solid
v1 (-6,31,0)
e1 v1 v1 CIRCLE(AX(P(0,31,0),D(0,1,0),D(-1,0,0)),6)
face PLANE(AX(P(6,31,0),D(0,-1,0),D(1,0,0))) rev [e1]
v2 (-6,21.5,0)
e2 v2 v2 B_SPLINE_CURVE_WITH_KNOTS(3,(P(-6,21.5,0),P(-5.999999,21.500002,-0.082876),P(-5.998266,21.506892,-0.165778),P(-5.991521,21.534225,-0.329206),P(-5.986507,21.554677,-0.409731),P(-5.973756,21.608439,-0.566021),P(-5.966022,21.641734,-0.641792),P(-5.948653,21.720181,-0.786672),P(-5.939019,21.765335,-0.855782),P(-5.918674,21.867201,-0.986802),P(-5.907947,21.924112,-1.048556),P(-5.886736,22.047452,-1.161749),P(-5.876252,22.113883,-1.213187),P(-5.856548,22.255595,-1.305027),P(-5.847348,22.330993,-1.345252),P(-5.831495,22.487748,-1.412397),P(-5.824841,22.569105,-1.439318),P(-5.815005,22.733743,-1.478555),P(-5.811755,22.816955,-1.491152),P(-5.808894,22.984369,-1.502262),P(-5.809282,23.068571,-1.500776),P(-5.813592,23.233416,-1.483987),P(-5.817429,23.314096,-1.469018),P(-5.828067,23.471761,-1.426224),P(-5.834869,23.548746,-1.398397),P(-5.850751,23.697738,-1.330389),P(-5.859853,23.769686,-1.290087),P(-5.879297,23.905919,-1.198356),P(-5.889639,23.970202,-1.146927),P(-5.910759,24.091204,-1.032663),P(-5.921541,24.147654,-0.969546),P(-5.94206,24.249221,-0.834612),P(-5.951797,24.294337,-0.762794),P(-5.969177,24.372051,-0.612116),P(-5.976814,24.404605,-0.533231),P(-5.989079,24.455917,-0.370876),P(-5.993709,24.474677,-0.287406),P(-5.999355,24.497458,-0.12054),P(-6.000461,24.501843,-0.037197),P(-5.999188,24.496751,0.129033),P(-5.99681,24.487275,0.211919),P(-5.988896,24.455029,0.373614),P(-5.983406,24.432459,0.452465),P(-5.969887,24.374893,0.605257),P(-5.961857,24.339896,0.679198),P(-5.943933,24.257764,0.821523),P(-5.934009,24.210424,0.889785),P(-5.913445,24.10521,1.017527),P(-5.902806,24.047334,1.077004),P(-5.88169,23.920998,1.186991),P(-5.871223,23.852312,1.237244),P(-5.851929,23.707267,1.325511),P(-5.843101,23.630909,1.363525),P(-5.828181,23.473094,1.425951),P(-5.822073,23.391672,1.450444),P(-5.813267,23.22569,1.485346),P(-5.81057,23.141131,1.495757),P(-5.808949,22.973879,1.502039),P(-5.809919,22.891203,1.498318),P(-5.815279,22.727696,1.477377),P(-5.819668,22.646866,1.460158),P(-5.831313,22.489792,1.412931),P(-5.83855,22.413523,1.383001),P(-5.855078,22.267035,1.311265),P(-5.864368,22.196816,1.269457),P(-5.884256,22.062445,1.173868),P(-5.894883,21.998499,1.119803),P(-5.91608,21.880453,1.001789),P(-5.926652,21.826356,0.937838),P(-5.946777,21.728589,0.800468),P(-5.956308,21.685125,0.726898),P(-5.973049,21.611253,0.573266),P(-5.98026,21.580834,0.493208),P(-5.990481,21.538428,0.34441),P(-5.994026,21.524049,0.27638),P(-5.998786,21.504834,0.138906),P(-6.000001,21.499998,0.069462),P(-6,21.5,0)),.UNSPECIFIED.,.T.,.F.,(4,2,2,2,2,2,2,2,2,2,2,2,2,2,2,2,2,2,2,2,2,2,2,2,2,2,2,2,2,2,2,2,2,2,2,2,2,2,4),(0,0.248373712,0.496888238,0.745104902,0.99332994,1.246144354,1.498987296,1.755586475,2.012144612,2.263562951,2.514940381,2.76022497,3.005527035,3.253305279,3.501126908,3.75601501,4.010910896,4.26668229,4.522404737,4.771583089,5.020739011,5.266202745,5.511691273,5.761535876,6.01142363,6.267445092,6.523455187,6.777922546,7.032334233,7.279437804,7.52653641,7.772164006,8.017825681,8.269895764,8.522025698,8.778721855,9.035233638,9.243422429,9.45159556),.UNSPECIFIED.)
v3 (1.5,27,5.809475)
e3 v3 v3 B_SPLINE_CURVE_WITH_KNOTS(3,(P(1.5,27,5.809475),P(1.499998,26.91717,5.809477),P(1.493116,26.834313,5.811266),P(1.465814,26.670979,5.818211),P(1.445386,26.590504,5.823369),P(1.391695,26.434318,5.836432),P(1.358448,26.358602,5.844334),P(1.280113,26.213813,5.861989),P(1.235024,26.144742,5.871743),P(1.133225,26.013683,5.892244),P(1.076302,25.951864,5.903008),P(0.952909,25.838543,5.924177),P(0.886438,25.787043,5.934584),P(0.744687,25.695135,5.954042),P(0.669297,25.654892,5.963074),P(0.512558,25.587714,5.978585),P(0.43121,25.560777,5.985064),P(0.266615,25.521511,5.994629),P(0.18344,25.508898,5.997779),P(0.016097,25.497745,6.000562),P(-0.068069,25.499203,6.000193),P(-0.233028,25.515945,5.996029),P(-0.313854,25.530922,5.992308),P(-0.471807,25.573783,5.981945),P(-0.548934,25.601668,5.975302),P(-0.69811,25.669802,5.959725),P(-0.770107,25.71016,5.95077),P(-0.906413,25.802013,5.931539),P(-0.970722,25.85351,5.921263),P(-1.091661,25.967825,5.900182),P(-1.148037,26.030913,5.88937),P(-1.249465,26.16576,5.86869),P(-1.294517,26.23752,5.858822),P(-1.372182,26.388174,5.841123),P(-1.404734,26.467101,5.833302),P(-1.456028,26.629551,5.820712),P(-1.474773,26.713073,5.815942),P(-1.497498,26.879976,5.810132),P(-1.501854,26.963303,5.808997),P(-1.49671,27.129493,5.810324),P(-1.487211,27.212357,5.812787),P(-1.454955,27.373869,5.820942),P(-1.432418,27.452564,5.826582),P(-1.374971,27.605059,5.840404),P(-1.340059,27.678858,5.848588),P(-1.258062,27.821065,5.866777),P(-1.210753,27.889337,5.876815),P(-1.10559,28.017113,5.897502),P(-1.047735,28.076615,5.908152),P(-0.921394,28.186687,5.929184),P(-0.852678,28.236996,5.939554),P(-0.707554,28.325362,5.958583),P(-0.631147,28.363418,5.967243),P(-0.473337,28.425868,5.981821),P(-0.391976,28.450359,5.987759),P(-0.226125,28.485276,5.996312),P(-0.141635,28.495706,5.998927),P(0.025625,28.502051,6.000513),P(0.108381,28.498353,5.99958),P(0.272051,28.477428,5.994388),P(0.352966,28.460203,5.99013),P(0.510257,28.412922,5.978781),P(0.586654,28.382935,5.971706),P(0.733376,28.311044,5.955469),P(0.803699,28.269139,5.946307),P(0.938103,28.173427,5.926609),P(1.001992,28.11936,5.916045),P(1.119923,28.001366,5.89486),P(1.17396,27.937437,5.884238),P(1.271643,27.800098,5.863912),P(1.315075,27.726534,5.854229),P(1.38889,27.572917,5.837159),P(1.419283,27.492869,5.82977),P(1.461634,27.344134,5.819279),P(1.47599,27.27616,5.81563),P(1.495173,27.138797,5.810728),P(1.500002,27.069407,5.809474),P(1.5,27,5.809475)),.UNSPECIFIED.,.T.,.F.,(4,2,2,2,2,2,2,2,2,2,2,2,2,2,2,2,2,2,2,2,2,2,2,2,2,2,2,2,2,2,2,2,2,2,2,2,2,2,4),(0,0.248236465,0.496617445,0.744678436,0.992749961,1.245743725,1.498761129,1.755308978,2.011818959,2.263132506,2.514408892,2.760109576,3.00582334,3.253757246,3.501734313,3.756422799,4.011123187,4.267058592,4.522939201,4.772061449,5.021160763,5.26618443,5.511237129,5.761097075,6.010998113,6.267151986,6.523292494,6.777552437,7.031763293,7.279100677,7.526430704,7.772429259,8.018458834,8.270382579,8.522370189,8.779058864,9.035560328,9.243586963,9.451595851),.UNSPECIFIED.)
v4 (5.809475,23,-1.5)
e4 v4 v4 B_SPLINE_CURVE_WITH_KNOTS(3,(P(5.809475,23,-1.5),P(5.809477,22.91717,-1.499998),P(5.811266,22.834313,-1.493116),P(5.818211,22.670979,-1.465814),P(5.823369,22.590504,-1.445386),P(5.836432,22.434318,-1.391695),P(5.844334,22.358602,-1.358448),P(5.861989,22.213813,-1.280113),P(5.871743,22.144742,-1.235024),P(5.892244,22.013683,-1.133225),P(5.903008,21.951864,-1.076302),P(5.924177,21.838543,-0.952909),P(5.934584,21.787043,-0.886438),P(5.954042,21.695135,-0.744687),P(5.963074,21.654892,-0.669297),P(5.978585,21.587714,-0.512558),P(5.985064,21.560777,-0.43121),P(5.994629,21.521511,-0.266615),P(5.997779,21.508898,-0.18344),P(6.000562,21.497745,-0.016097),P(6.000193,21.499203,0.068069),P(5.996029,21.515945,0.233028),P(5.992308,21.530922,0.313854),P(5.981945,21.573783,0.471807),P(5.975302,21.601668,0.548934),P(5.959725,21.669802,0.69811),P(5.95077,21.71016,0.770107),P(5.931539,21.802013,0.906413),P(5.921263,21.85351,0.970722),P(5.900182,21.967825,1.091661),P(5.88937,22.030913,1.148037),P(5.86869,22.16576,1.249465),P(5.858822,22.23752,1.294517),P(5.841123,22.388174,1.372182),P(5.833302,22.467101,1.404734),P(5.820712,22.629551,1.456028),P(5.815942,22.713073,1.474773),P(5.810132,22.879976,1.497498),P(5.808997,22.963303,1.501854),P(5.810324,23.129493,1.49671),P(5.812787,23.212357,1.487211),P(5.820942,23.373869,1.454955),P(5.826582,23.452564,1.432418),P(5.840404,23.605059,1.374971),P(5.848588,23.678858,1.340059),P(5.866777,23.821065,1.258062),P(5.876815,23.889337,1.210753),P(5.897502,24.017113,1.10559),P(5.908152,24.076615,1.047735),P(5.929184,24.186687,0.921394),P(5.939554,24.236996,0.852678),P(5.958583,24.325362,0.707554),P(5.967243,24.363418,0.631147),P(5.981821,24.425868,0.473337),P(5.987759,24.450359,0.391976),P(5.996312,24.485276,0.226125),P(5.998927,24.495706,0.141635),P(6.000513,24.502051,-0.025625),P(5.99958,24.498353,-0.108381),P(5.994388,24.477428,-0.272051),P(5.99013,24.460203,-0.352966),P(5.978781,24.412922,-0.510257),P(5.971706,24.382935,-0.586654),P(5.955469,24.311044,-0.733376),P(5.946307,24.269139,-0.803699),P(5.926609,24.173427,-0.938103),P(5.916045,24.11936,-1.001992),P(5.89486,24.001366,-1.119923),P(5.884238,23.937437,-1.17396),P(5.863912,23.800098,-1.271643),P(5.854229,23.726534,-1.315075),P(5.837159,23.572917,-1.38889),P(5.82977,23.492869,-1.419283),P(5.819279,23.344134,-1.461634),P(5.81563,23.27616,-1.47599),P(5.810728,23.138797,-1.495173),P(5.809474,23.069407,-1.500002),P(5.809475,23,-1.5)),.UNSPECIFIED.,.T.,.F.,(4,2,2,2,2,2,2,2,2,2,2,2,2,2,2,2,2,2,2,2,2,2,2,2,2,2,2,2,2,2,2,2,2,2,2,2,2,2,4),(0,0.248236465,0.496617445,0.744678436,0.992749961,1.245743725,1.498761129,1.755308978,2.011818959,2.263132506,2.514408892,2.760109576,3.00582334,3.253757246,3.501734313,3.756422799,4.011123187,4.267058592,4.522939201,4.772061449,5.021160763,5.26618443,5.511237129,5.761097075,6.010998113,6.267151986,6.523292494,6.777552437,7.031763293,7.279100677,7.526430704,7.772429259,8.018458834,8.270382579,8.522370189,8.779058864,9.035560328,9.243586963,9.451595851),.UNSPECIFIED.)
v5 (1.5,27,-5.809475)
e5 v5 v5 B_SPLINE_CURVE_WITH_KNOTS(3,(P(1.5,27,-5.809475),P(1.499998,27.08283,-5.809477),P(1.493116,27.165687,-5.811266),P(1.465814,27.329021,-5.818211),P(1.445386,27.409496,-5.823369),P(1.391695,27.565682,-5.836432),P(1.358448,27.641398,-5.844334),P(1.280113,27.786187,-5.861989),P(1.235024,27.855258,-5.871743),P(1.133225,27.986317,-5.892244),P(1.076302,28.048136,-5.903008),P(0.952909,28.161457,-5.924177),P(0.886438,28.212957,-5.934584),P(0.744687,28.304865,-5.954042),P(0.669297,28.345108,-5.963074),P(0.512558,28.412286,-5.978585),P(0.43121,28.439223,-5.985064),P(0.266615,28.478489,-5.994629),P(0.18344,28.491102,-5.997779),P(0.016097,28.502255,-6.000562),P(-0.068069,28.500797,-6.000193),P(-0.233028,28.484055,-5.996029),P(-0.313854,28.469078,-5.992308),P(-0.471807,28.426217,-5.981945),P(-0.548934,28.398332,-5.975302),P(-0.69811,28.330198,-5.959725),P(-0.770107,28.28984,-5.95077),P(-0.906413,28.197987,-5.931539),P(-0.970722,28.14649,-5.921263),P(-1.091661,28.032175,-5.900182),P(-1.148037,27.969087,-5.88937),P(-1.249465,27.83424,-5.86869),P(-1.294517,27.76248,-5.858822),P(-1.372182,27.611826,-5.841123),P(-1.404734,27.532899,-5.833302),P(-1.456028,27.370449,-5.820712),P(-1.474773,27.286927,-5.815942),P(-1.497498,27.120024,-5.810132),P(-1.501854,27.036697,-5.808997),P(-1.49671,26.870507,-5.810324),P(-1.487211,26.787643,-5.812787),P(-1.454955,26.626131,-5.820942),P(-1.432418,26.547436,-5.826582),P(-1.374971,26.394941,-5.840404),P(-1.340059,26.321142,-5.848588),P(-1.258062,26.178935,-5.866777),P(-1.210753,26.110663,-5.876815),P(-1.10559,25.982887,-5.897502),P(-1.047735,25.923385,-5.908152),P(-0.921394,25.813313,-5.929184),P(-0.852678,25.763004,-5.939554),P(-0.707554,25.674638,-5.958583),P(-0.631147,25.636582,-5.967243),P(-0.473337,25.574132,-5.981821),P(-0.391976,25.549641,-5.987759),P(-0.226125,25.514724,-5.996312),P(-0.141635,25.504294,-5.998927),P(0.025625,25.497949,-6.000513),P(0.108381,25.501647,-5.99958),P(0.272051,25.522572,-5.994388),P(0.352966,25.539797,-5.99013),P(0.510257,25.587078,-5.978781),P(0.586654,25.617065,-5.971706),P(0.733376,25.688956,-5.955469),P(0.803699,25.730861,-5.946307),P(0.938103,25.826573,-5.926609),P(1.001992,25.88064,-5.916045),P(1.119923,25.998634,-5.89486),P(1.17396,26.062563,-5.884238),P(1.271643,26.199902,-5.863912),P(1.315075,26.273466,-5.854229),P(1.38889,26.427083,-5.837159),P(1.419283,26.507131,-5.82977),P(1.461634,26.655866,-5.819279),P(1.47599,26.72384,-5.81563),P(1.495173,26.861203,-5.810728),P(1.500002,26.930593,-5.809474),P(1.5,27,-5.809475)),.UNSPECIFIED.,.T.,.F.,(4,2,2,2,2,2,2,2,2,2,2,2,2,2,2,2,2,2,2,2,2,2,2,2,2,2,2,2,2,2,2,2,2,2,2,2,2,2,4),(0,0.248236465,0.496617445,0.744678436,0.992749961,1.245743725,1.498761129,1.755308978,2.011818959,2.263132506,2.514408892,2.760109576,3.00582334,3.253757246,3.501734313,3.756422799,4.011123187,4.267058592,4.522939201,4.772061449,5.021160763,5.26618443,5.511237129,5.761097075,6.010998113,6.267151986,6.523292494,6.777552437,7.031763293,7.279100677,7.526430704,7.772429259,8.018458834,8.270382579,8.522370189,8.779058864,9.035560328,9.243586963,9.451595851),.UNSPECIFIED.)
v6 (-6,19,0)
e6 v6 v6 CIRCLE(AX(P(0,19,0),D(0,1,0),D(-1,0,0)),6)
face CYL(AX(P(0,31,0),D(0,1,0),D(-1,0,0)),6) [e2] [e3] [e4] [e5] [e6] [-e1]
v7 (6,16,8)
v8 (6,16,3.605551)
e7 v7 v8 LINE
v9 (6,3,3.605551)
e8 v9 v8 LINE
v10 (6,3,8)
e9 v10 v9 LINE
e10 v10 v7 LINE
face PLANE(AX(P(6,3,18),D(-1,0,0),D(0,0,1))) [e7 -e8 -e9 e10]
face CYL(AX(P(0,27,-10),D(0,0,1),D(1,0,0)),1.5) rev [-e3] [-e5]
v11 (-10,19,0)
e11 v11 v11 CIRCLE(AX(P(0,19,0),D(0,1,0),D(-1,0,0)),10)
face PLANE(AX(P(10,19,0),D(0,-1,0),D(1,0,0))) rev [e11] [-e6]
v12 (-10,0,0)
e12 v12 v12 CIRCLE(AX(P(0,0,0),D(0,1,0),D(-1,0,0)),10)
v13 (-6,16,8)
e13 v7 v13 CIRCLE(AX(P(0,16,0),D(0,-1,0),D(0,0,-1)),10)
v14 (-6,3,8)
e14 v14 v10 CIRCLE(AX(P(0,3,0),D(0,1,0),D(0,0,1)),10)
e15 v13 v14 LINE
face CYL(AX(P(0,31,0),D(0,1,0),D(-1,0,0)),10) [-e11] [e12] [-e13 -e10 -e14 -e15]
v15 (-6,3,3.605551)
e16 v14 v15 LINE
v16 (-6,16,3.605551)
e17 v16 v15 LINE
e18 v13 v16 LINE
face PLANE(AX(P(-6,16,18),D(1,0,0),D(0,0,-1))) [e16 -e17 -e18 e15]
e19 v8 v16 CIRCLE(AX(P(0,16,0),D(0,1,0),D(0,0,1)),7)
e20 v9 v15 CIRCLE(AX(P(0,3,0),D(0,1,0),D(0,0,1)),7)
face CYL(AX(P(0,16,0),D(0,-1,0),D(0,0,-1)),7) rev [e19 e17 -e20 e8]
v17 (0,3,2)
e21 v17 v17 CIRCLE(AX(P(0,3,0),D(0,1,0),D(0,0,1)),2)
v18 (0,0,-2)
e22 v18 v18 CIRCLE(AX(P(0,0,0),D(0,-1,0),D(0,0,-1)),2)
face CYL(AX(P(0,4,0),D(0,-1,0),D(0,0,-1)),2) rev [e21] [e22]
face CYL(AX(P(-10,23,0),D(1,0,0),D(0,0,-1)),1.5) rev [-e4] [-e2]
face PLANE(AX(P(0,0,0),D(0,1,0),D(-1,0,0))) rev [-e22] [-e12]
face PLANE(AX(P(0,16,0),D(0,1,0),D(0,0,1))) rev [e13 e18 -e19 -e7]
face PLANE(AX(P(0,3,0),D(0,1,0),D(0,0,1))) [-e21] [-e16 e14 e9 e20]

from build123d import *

# Parameters (mm, degrees)
SKETCH_2_R               = 7
CUT_EXTRUDE_1_DEPTH      = 13
CUT_EXTRUDE_2_DEPTH      = 18
CUT_EXTRUDE_3_DEPTH      = 35.073450075
CUT_EXTRUDE_3_DEPTH_BACK = 35.073450075
SKETCH_4_R               = 1.5
SKETCH_5_R               = 2
CUT_EXTRUDE_4_DEPTH      = 4
CUT_EXTRUDE_5_DEPTH      = 35.073450166
CUT_EXTRUDE_5_DEPTH_BACK = 35.073450166
SKETCH_6_R               = 1.5


with BuildPart() as part:
    # 草图1 → 旋转1 (revolve)
    with BuildSketch(Plane.XY, mode=Mode.PRIVATE) as revolve_1_sk:
        Polygon((0, 0), (10, 0), (10, 19), (6, 19), (6, 31), (0, 31), align=None)
    revolve(revolve_1_sk.sketch.rotate(Axis((0, 31, 0), (0, -1, 0)), 180), axis=Axis((0, 31, 0), (0, -1, 0)))

    # 草图2 → 切除-拉伸1 (cut)
    with BuildSketch(Plane(origin=(0, 3, 0), x_dir=(1, 0, 0), z_dir=(0, 1, 0))):
        with Locations(Location((0, 0, 0), (0, 0, 90))):
            Circle(SKETCH_2_R)
    extrude(amount=CUT_EXTRUDE_1_DEPTH, mode=Mode.SUBTRACT)

    # 草图3 → 切除-拉伸2 (cut)
    with BuildSketch(Plane.XY):
        Polygon((0, 3), (6, 3), (6, 16), (-6, 16), (-6, 3), align=None)
    extrude(amount=CUT_EXTRUDE_2_DEPTH, mode=Mode.SUBTRACT)

    # 草图4 → 切除-拉伸3 (cut, two sides: drawn at the far end of the back side and taken through both)
    with BuildSketch(Plane.XY.offset(-CUT_EXTRUDE_3_DEPTH_BACK)):
        with Locations((0, 27)):
            Circle(SKETCH_4_R)
    extrude(amount=CUT_EXTRUDE_3_DEPTH + CUT_EXTRUDE_3_DEPTH_BACK, mode=Mode.SUBTRACT)

    # 草图5 → 切除-拉伸4 (cut)
    with BuildSketch(Plane.XZ):
        with Locations(Location((0, 0, 0), (0, 0, 270))):
            Circle(SKETCH_5_R)
    extrude(amount=-CUT_EXTRUDE_4_DEPTH, mode=Mode.SUBTRACT)

    # 草图6 → 切除-拉伸5 (cut, two sides: drawn at the far end of the back side and taken through both)
    with BuildSketch(Plane(origin=(0, 0, 0), x_dir=(0, 0, -1), z_dir=(1, 0, 0)).offset(-CUT_EXTRUDE_5_DEPTH_BACK)):
        with Locations((0, 23)):
            Circle(SKETCH_6_R)
    extrude(amount=CUT_EXTRUDE_5_DEPTH + CUT_EXTRUDE_5_DEPTH_BACK, mode=Mode.SUBTRACT)


solid = part.part
